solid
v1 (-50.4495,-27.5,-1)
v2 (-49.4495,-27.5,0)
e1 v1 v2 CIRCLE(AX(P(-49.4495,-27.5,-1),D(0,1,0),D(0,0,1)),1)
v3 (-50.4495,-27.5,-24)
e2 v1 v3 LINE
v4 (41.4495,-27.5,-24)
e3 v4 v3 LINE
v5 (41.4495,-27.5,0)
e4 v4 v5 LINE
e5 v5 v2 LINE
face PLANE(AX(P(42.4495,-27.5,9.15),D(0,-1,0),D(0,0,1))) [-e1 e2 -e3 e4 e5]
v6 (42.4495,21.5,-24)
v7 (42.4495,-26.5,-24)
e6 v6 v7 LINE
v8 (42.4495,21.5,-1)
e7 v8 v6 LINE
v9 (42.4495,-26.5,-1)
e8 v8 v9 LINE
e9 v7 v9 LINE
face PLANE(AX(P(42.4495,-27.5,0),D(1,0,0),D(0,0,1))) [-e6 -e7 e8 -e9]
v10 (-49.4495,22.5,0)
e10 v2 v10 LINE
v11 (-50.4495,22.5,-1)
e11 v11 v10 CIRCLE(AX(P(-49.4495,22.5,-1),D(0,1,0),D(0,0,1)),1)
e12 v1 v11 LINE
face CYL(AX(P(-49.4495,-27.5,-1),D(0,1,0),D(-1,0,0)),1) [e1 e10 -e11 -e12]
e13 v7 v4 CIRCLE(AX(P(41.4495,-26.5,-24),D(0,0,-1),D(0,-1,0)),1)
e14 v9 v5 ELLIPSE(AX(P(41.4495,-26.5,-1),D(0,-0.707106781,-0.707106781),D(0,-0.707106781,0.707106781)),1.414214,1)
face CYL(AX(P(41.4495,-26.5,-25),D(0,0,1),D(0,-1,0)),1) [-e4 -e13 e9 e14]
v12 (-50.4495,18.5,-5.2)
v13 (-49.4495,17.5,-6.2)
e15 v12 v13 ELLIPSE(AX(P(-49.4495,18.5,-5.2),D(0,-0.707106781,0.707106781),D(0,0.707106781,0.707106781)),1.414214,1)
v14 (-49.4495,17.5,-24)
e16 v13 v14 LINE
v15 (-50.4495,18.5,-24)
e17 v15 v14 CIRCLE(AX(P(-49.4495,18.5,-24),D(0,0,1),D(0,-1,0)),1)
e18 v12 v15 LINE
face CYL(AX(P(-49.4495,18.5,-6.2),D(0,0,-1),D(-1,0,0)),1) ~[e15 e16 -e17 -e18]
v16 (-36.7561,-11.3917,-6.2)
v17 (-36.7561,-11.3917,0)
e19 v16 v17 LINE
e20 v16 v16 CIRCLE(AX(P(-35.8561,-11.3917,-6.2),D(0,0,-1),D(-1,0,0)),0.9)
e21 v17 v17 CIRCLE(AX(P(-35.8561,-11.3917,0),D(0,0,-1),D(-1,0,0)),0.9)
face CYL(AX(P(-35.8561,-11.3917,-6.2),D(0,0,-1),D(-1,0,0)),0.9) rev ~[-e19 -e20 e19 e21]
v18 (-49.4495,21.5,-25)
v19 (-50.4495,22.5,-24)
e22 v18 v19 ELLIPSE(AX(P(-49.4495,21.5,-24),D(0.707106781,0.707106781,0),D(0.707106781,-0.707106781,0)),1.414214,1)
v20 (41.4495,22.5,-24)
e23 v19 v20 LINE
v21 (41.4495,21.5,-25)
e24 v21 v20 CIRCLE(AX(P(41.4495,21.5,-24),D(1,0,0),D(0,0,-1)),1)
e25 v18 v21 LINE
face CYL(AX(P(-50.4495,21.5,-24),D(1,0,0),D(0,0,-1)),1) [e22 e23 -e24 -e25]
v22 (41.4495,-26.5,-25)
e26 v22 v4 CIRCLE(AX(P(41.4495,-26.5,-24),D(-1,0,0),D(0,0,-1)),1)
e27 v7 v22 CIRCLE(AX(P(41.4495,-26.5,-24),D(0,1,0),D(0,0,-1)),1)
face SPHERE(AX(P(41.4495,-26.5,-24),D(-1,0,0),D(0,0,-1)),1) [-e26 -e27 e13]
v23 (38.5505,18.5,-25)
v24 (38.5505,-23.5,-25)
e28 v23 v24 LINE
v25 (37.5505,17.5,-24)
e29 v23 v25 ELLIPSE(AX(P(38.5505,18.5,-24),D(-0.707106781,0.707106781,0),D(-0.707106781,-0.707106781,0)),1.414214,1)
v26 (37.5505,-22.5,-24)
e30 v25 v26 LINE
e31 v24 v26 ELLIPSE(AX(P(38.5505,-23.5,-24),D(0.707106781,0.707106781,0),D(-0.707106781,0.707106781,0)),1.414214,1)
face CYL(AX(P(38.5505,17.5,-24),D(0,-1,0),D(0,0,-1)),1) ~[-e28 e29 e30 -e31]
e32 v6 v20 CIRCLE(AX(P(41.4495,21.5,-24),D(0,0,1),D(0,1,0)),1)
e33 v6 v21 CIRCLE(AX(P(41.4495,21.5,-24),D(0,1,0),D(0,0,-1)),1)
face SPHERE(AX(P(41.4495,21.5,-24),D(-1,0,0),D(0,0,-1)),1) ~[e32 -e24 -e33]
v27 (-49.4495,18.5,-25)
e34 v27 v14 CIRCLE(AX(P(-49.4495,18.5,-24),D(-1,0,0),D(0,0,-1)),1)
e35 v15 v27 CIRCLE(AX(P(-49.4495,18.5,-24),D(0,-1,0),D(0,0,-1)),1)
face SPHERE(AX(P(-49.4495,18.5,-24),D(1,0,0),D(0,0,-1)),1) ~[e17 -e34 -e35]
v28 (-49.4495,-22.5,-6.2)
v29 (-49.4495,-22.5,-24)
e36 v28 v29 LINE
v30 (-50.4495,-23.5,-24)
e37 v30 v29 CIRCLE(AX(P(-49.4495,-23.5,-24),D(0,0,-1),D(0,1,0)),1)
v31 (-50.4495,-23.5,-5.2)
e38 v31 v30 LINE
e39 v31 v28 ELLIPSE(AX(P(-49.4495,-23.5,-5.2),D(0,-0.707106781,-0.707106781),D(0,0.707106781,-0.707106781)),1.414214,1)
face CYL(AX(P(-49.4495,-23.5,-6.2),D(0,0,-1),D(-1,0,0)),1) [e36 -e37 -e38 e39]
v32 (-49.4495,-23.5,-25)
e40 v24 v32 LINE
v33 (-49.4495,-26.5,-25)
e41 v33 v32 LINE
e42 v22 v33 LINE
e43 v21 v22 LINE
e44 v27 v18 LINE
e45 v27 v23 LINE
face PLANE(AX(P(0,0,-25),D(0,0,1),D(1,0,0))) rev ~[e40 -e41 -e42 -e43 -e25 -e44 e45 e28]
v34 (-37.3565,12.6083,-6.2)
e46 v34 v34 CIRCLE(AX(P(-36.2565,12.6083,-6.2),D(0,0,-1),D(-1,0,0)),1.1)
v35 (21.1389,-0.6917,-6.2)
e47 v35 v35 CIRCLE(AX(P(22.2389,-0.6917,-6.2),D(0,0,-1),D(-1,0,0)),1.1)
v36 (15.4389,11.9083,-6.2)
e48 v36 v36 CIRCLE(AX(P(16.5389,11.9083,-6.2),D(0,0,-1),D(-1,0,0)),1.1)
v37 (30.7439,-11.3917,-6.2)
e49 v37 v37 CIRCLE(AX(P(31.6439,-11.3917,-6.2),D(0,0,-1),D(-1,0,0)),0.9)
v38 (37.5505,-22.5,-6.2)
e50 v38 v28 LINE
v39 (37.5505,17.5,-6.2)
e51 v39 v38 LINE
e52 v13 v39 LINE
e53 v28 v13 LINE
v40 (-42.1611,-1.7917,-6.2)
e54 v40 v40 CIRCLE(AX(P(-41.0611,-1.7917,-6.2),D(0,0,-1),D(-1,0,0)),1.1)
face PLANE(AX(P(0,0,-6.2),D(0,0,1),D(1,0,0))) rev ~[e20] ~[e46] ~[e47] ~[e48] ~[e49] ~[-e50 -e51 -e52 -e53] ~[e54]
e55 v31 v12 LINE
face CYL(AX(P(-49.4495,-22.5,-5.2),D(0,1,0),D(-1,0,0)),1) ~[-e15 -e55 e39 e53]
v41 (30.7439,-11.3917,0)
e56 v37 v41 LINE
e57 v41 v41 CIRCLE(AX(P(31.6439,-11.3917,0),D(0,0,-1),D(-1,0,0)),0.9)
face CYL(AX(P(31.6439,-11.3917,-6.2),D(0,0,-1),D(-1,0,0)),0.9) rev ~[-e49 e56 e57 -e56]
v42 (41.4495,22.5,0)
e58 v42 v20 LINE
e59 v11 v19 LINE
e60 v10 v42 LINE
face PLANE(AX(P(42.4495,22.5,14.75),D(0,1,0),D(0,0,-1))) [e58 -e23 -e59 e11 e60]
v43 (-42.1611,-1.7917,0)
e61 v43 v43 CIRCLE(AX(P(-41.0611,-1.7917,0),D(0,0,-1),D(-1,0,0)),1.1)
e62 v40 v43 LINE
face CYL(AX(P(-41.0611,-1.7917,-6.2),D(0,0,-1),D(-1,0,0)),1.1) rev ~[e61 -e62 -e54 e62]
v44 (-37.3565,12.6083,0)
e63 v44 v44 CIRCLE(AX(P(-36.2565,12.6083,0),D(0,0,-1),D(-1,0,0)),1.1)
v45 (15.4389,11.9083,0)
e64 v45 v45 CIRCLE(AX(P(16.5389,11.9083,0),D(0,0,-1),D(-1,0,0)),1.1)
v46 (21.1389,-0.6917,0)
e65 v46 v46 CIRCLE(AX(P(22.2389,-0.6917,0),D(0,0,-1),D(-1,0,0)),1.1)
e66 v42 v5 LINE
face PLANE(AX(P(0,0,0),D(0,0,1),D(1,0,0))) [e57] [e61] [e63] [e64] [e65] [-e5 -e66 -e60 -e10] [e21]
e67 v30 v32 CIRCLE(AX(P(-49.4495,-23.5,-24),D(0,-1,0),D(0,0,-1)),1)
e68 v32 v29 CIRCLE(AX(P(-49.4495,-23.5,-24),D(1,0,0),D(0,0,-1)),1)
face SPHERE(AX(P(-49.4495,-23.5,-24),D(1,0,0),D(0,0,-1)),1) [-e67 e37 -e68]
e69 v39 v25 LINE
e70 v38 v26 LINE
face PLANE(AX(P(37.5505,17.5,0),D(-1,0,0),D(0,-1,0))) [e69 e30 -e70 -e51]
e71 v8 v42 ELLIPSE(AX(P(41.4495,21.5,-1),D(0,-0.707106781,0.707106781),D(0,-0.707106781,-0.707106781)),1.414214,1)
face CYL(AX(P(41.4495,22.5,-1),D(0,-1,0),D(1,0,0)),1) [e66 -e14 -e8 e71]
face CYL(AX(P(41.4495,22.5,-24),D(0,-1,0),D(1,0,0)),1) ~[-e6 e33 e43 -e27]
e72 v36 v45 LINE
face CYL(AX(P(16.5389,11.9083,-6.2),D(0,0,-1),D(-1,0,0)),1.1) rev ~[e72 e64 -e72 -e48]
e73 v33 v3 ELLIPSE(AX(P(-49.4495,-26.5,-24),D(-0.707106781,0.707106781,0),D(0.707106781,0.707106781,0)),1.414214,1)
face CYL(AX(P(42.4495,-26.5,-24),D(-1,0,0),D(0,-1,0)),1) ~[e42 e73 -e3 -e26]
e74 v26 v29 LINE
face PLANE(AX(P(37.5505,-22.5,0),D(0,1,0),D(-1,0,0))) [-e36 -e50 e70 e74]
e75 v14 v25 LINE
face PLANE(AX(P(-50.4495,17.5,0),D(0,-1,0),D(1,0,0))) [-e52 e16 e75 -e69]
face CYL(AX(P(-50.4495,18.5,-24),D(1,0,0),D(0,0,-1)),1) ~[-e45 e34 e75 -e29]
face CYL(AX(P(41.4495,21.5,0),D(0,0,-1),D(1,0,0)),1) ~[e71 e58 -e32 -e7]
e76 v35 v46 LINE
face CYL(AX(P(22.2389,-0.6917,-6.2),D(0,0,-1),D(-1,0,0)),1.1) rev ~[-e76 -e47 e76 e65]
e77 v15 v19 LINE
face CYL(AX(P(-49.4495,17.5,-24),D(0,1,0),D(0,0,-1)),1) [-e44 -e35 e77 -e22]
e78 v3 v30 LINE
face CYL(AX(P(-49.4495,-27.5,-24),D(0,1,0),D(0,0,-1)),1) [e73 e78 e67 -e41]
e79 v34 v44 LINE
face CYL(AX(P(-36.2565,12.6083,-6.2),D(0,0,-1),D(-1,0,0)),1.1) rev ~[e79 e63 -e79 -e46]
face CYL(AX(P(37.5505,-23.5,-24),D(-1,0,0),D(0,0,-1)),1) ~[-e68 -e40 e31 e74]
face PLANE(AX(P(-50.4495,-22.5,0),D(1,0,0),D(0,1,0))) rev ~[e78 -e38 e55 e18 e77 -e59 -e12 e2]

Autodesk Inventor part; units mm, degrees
ref_plane "YZ Plane" through (0, 0, 0) normal (1, 0, 0) x (0, 1, 0)
ref_plane "XZ Plane" through (0, 0, 0) normal (0, 1, 0) x (-1, 0, 0)
ref_plane "XY Plane" through (0, 0, 0) normal (0, 0, 1) x (1, 0, 0)
sketch "스케치1" plane through (0, 0, 0) normal (0, 0, 1) x (1, 0, 0)
  line L0 (-50.4495, 22.5) -> (42.4495, 22.5)
  line L1 (42.4495, 22.5) -> (42.4495, -27.5)
  line L2 (42.4495, -27.5) -> (-50.4495, -27.5)
  line L3 (-50.4495, -27.5) -> (-50.4495, 22.5)
  line L4 (-50.4495, 17.5) -> (37.5505, 17.5)
  line L5 (37.5505, 17.5) -> (37.5505, -22.5)
  line L6 (37.5505, -22.5) -> (-50.4495, -22.5)
  point P0 (0, 0)
  dimension "d0" = 40
  dimension "d1" = 88
  dimension "d2" = 5
  dimension "d3" = 5
extrude "돌출1" add sketch "스케치1" against normal blind 6.2 contours L4 L5 L6 L3
extrude "돌출2" add sketch "스케치1" against normal blind 25 contours L0 L1 L2 L3 L6 L5 L4
sketch "스케치2" plane through (0, 0, -6.2) normal (0, 0, -1) x (-1, 0, 0)
  circle A0 centre (36.2565, 12.6083) radius 1.1
  circle A1 centre (-16.5389, 11.9083) radius 1.1
  circle A2 centre (41.0611, -1.7917) radius 1.1
  circle A3 centre (-22.2389, -0.6917) radius 1.1
  circle A4 centre (35.8561, -11.3917) radius 0.9
  circle A5 centre (-31.6439, -11.3917) radius 0.9
  point P0 (0, 0)
  dimension "d8" = 52.8
  dimension "d9" = 2.2
  dimension "d10" = 2.2
  dimension "d11" = 2.2
  dimension "d12" = 2.2
  dimension "d13" = 63.3
  dimension "d14" = 14.4
  dimension "d15" = 12.6
  dimension "d16" = 1.8
  dimension "d17" = 1.8
  dimension "d18" = 67.5
  dimension "d19" = 10.7
  dimension "d23" = 9.405
  dimension "d24" = 0
  dimension "d25" = 0.7
  dimension "d26" = 5.7
extrude "돌출3" cut sketch "스케치2" against normal blind 63.3
sketch "스케치3" plane through (42.4495, -27.5, 0) normal (1, 0, 0) x (0, 0, -1)
  line L0 (-14.75, 0) -> (-14.75, 50)
  line L1 (-14.75, 50) -> (39.75, 50)
  line L2 (39.75, 50) -> (39.75, 0)
  line L3 (39.75, 0) -> (-14.75, 0)
  line L4 (0, 0) -> (0, 50) projected
  line L5 (-9.15, 0) -> (-9.15, 50)
  line L6 (34.15, 0) -> (34.15, 50)
  point P0 (0, 27.5)
  dimension "d27" = 54.5
  dimension "d28" = 14.75
  dimension "d29" = 5.6
  dimension "d30" = 43.3
extrude "돌출4" add sketch "스케치3" along normal blind 10
extrude "돌출5" add sketch "스케치3" along normal blind 80 contours L0 L1 L5 L3 | L6 L1 L2 L3
sketch "스케치4" plane through (42.4495, -27.5, 14.75) normal (0, 0, 1) x (1, 0, 0)
  circle A0 centre (25, 27.5) radius 3.75
  line L0 (0, 50) -> (0, 0) projected
  point P0 (-42.4495, 27.5)
  dimension "d35" = 7.5
  dimension "d36" = 25
extrude "돌출6" cut sketch "스케치4" against normal blind 80
ref_plane "작업 평면1" through (42.4495, -27.5, 0) normal (-1, 0, 0) x (0, 0, 1)
split "분할1" plane through (42.4495, -27.5, 0) removes the side toward (1, 0, 0)
sketch "스케치5" plane through (42.4495, -27.5, 0) normal (1, 0, 0) x (0, 0, -1)
  point P0 (0, 27.5)
sketch "스케치6" plane through (42.4495, -27.5, 0) normal (1, 0, 0) x (0, 0, -1)
  point P0 (0, 27.5)
fillet "모깎기2" radius 1 15 edges at (-6.4495, -22.5, -25) (37.5505, -2.5, -25) (-6.4495, 17.5, -25) (-4, 22.5, -25) (-50.4495, 20, -25) (-50.4495, -25, -25) (-4, -27.5, -25) (42.4495, -2.5, -25) (42.4495, -2.5, 0) (-50.4495, -2.5, 0) (-50.4495, -2.5, -6.2) (-50.4495, 17.5, -15.6) (-50.4495, -22.5, -15.6) (42.4495, 22.5, -12.5) (42.4495, -27.5, -12.5)
equation "\"d21\" = d13"
properties part number "Camera Housing Camera2"
